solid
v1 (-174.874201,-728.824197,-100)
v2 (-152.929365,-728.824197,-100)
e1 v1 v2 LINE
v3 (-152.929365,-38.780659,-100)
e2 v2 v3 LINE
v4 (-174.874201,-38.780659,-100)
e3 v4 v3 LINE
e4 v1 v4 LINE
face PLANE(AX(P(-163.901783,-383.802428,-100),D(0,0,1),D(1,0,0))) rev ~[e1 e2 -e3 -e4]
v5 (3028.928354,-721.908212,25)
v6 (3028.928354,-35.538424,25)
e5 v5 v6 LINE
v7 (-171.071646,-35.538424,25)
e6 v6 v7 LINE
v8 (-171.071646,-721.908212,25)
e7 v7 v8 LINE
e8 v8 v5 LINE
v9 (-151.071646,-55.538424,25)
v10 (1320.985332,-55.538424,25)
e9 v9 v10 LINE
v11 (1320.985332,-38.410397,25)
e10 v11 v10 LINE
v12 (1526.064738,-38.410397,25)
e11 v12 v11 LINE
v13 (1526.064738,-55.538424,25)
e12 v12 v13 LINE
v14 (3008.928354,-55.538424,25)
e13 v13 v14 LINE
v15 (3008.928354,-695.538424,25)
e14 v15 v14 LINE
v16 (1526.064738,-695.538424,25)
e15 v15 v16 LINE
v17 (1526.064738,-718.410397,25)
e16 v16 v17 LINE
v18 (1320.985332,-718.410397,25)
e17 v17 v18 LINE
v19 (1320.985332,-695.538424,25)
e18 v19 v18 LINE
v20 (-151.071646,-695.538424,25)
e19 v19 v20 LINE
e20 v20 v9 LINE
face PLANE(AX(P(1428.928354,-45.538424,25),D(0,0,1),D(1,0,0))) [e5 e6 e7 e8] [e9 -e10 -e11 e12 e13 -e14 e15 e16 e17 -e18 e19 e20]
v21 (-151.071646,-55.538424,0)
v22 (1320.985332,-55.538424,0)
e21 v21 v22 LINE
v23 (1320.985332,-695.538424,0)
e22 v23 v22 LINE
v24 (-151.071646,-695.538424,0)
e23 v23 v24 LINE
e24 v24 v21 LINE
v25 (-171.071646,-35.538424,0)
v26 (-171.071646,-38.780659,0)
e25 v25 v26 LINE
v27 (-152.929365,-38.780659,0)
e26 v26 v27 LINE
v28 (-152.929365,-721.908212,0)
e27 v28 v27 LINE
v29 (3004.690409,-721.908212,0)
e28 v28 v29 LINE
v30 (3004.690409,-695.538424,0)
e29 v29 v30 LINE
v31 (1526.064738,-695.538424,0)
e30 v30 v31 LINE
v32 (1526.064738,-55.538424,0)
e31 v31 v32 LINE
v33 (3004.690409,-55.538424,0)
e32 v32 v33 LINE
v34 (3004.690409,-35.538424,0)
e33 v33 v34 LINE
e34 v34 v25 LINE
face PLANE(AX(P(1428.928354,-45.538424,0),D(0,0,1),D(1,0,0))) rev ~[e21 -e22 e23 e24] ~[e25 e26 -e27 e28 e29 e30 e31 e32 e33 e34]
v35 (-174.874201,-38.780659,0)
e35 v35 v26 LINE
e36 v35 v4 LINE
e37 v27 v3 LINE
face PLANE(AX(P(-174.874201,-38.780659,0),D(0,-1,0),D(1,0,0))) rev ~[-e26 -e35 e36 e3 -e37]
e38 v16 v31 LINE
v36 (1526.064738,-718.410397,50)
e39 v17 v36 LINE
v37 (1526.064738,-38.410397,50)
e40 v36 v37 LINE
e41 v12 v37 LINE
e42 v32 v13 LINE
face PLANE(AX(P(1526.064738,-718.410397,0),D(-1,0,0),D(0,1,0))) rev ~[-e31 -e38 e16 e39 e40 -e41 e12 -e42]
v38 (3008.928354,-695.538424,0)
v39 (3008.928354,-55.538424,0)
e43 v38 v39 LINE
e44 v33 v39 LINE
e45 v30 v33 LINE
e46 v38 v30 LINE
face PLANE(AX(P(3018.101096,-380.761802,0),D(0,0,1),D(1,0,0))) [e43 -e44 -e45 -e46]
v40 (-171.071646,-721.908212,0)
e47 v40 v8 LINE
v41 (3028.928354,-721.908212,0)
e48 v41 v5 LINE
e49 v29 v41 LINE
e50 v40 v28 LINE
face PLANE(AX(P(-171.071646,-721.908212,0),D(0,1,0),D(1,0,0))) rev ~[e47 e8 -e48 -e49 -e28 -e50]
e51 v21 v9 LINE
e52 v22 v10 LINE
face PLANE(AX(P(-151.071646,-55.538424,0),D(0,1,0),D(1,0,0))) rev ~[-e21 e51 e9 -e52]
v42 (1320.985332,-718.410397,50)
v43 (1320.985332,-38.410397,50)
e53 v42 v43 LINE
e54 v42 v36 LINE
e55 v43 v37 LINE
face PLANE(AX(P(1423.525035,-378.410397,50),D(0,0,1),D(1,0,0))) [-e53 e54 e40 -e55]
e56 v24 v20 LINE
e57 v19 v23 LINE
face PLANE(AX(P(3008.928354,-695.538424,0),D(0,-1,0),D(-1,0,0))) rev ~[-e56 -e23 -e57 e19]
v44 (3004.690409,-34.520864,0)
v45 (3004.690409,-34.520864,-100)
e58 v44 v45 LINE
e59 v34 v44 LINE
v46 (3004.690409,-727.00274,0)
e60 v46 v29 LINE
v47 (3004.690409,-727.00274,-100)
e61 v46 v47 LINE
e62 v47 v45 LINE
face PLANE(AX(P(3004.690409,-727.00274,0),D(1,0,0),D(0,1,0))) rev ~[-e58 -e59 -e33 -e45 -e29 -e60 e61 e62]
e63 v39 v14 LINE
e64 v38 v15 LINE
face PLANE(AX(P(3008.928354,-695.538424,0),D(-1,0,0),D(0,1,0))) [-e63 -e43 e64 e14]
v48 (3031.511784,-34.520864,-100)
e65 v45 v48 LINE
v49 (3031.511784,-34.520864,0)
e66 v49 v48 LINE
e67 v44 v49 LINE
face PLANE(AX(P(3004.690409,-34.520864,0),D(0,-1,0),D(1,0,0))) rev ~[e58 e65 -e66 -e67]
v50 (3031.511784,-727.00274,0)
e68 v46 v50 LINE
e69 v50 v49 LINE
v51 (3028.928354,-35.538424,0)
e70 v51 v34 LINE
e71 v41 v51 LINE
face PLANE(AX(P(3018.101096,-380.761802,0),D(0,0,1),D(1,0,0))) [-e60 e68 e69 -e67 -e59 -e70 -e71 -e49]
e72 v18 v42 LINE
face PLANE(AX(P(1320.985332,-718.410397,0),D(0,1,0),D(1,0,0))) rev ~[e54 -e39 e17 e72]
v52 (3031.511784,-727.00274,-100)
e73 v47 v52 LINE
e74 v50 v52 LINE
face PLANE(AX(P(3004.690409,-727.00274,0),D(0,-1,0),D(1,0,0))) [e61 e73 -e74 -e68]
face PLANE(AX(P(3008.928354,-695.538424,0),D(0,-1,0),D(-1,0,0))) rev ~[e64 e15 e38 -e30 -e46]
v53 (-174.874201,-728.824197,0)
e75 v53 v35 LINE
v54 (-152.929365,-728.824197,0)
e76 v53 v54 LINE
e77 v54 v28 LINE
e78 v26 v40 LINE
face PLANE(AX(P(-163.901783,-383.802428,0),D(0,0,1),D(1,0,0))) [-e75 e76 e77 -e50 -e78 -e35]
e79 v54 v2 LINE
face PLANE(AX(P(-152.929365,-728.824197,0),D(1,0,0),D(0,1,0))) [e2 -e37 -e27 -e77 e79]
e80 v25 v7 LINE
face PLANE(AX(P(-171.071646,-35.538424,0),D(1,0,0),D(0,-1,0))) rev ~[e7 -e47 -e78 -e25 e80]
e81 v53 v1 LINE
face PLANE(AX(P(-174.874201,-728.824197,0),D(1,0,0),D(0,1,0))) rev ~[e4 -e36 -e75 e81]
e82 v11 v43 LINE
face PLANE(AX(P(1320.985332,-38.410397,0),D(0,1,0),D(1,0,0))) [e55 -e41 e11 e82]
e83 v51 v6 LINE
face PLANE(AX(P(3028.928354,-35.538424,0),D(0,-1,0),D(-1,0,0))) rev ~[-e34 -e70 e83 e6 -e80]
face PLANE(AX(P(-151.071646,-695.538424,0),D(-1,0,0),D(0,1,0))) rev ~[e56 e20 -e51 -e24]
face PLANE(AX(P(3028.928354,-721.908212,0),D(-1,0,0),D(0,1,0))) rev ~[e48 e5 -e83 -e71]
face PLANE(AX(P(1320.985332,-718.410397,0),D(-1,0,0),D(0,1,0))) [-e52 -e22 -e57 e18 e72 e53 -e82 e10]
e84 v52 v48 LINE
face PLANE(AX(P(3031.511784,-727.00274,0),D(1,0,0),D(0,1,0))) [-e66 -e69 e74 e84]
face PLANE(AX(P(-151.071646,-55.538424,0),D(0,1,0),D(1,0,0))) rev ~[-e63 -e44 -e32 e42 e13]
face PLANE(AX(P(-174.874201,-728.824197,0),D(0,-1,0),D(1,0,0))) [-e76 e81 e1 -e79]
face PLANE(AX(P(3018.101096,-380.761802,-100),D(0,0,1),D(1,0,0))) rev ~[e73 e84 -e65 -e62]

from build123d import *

# Parameters (mm, degrees)
F0_W     = 20
F0_H     = 640
F1_DEPTH = 25
F2_W     = 205.079407
F2_H     = 680
F3_DEPTH = 50
F4_W     = 21.944835
F4_H     = 690.043539
F4_W_2   = 26.821375
F4_H_2   = 692.481876
F5_DEPTH = 100
F6_DEPTH = 100


with BuildPart() as f1:
    # F0 (on Top) → F1 (new body)
    with BuildSketch(Plane.XY):
        Polygon((3028.928354, -35.538424), (-171.071646, -35.538424), (-171.071646, -55.538424), (-151.071646, -55.538424), (3008.928354, -55.538424), (3028.928354, -55.538424), align=None)
        with Locations((-161.071646, -375.538424)):
            Rectangle(F0_W, F0_H)
        with Locations((3018.928354, -375.538424)):
            Rectangle(F0_W, F0_H)
        Polygon((-151.071646, -695.538424), (-171.071646, -695.538424), (-171.071646, -721.908212), (3028.928354, -721.908212), (3028.928354, -695.538424), (3008.928354, -695.538424), align=None)
    extrude(amount=F1_DEPTH)

    # F2 (on Top) → F3 (join)
    with BuildSketch(Plane.XY):
        with Locations((1423.525035, -378.410397)):
            Rectangle(F2_W, F2_H)
    extrude(amount=F3_DEPTH)

    # F4 (on Top) → F5 (join)
    with BuildSketch(Plane.XY):
        with Locations((-163.901783, -383.802428)):
            Rectangle(F4_W, F4_H)
        with Locations((3018.101096, -380.761802)):
            Rectangle(F4_W_2, F4_H_2)
    extrude(amount=-F5_DEPTH)

    # F4 (on Top) → F6 (join)
    with BuildSketch(Plane.XY):
        with Locations((-163.901783, -383.802428)):
            Rectangle(F4_W, F4_H)
        with Locations((3018.101096, -380.761802)):
            Rectangle(F4_W_2, F4_H_2)
    extrude(amount=-F6_DEPTH)


solid = f1.part
